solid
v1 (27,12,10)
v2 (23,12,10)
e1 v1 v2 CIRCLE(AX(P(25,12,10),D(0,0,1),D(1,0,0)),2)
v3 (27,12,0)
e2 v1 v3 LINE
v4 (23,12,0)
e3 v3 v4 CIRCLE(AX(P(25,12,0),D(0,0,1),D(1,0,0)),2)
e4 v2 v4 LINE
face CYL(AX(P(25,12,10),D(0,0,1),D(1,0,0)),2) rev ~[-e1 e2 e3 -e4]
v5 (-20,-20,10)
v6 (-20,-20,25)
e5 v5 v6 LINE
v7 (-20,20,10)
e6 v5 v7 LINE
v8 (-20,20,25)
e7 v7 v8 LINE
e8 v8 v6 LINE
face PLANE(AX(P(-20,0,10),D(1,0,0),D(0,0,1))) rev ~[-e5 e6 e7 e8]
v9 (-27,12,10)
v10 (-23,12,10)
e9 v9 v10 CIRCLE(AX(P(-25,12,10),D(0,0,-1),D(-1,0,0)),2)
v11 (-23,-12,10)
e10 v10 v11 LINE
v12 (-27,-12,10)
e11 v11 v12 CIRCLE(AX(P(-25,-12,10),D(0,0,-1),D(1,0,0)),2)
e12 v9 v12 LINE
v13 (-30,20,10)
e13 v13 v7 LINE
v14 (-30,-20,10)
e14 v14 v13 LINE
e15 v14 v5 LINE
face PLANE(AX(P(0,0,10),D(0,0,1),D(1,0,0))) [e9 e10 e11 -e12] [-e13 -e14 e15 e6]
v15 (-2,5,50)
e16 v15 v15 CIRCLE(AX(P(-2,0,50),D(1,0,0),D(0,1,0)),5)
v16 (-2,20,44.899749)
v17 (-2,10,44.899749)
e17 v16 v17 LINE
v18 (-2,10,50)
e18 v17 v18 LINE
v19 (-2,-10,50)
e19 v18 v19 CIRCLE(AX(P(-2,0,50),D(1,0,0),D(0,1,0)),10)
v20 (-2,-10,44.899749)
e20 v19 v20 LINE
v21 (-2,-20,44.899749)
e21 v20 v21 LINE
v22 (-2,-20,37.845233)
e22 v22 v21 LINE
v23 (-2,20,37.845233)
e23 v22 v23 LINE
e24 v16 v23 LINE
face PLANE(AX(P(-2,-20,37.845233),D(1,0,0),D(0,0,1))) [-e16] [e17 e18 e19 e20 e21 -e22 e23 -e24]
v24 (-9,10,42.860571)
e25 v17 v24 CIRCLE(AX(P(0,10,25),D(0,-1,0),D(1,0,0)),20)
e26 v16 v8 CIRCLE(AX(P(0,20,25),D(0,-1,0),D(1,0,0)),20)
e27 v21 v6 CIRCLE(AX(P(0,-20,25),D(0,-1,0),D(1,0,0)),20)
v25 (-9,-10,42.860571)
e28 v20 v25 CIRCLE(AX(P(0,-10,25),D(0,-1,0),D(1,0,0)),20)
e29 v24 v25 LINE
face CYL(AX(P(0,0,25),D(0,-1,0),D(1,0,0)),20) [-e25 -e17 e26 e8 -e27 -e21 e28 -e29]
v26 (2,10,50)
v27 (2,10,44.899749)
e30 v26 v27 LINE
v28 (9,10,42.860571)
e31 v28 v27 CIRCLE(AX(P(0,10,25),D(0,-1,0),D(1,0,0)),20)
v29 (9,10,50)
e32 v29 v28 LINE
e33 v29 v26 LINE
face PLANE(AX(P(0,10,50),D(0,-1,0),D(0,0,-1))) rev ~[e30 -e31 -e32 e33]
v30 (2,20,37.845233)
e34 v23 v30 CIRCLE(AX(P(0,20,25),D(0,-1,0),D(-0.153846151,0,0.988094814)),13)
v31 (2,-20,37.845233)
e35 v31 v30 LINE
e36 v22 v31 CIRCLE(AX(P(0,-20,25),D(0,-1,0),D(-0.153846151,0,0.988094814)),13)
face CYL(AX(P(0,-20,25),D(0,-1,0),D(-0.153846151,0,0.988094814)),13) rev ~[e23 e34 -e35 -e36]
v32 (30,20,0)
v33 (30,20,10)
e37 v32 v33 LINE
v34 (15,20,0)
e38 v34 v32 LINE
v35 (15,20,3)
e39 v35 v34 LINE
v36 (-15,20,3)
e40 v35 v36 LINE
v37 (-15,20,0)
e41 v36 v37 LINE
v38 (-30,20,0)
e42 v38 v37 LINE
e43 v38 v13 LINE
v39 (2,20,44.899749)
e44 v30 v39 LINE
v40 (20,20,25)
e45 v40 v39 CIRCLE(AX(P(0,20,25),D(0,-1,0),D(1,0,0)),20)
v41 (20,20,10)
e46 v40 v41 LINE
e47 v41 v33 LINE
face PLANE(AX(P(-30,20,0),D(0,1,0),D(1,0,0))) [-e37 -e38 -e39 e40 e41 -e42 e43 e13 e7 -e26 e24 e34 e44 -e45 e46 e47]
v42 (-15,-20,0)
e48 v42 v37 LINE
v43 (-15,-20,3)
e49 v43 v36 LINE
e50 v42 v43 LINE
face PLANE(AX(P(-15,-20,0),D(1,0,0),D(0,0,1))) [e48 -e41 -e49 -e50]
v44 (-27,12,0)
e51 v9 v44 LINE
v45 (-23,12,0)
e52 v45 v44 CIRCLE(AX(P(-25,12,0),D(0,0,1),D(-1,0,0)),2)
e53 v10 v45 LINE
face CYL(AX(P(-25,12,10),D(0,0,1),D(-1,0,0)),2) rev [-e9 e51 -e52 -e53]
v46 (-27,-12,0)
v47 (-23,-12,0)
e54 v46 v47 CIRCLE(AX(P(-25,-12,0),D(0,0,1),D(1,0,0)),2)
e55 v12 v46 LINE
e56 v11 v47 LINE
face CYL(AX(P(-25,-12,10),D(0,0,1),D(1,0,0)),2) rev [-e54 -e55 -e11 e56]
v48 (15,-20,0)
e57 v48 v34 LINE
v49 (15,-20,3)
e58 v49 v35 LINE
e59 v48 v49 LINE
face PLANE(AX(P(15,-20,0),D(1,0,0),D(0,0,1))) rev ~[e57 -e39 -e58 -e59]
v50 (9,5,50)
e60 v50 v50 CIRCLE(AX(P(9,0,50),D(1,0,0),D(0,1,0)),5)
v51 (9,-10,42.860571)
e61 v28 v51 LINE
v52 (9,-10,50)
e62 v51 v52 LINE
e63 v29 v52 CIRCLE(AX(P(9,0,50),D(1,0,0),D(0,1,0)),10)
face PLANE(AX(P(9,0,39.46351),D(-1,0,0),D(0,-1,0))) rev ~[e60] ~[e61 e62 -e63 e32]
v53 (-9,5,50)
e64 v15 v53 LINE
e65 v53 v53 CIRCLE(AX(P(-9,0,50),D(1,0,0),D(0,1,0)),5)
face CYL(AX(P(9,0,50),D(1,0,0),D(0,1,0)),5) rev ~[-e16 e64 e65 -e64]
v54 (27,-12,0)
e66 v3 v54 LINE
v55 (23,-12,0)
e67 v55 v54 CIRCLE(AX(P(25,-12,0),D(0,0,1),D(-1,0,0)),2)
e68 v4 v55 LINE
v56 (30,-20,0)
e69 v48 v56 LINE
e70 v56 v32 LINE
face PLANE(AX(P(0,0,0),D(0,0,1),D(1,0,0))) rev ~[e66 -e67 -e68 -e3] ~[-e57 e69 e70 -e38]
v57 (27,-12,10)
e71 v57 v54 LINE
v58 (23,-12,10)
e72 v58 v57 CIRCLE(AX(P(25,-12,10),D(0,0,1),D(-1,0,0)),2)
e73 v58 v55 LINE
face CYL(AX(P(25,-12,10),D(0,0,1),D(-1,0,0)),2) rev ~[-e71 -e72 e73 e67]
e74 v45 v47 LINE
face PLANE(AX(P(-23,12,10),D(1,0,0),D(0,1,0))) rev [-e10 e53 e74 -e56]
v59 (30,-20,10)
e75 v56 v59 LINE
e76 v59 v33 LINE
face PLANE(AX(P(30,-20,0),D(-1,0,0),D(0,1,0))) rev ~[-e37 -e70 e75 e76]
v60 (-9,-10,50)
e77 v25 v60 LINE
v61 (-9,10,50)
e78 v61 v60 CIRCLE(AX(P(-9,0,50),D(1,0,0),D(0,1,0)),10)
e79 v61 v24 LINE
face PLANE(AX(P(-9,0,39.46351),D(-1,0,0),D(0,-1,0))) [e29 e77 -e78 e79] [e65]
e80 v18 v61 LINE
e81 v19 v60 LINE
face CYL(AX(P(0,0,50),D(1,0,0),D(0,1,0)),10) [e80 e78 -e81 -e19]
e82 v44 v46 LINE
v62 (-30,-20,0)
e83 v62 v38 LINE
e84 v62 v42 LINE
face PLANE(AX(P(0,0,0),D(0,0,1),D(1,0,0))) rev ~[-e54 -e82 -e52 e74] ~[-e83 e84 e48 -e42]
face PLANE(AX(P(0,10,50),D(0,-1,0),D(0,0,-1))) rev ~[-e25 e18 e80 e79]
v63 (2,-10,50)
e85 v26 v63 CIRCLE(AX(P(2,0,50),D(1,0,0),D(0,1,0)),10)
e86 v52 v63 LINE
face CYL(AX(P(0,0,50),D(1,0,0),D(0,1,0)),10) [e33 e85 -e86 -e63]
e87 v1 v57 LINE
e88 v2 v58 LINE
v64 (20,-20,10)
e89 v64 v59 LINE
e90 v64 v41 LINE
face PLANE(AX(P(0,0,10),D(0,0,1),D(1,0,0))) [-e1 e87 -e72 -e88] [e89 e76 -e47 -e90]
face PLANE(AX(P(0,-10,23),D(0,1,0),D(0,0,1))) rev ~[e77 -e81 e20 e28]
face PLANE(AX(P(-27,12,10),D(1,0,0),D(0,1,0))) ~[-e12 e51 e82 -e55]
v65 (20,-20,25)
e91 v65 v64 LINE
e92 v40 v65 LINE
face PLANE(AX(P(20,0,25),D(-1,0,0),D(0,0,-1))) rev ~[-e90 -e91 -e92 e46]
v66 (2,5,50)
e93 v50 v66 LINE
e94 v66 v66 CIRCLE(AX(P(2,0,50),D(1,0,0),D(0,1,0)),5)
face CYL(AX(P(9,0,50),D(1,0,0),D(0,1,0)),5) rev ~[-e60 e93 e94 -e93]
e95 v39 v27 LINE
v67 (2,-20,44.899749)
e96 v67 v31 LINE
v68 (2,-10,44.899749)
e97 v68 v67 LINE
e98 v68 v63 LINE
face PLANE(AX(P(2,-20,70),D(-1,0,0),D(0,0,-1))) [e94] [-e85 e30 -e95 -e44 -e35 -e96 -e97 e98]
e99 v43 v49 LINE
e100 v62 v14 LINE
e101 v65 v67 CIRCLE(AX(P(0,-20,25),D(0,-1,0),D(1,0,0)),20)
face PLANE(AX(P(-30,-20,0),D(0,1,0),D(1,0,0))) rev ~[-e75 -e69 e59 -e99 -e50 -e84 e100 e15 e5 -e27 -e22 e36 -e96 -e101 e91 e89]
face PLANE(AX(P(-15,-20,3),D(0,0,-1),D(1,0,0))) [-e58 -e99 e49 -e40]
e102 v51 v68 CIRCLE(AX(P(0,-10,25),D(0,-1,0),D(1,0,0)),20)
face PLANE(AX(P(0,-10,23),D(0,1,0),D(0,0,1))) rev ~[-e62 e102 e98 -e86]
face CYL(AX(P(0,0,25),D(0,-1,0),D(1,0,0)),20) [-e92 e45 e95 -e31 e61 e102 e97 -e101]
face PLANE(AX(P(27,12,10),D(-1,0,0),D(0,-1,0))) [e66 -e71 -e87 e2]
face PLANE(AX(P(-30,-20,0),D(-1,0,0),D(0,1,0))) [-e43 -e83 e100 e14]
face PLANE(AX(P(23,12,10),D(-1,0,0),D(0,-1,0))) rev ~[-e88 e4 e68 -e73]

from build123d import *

# Parameters (mm, degrees)
SKETCH_W        = 60
SKETCH_H        = 40
PAD_DEPTH       = 10
PAD001_DEPTH    = 20
PAD002_DEPTH    = 9
SKETCH003_R     = 5
POCKET_DEPTH    = 39.001
POCKET001_DEPTH = 40.001
POCKET002_DEPTH = 197.61763
SKETCH006_W     = 30
SKETCH006_H     = 3
POCKET003_DEPTH = 40.001


with BuildPart() as part:
    # Sketch → Pad (new body)
    with BuildSketch(Plane.XY):
        Rectangle(SKETCH_W, SKETCH_H)
    extrude(amount=PAD_DEPTH)

    # Sketch001 → Pad001 (join, symmetric)
    with BuildSketch(Plane.XZ):
        with BuildLine():
            Line((20, 25), (20, 10))
            Line((20, 10), (-20, 10))
            Line((-20, 10), (-20, 25))
            ThreePointArc((20, 25), (0, 45), (-20, 25))
        make_face()
    extrude(amount=PAD001_DEPTH, both=True)

    # Sketch002 → Pad002 (join, symmetric)
    with BuildSketch(Plane.YZ):
        with BuildLine():
            Line((-10, 23), (-10, 50))
            ThreePointArc((10, 50), (0, 60), (-10, 50))
            Line((10, 50), (10, 23))
            Line((10, 23), (-10, 23))
        make_face()
    extrude(amount=PAD002_DEPTH, both=True)

    # Sketch003 (on Face15 of Pad002) → Pocket (cut, through all)
    with BuildSketch(Plane.YZ.offset(9)):
        with Locations((0, 50)):
            Circle(SKETCH003_R)
    extrude(amount=-POCKET_DEPTH, mode=Mode.SUBTRACT)

    # Sketch004 (on Face12 of Pocket) → Pocket001 (cut, through all)
    with BuildSketch(Plane.XZ.offset(20)):
        with BuildLine():
            ThreePointArc((-2, 37.845233), (0, 12), (2, 37.845233))
            Line((2, 70), (2, 37.845233))
            Line((-2, 70), (2, 70))
            Line((-2, 37.845233), (-2, 70))
        make_face()
    extrude(amount=-POCKET001_DEPTH, mode=Mode.SUBTRACT)

    # Sketch005 (on Face7 of Pocket001) → Pocket002 (cut, through all)
    with BuildSketch(Plane.XY.offset(10)):
        with BuildLine():
            ThreePointArc((27, 12), (25, 14), (23, 12))
            Line((23, 12), (23, -12))
            ThreePointArc((23, -12), (25, -14), (27, -12))
            Line((27, 12), (27, -12))
        make_face()
    pocket002 = extrude(amount=-POCKET002_DEPTH, mode=Mode.SUBTRACT)

    # Mirrored: Pocket002 across Sketch005 V_Axis
    add(pocket002.mirror(Plane(origin=(0, 0, 10), x_dir=(0, 0, 1), z_dir=(1, 0, 0))), mode=Mode.SUBTRACT)

    # Sketch006 (on Face8 of Mirrored) → Pocket003 (cut, through all)
    with BuildSketch(Plane.XZ.offset(20)):
        with Locations((0, 1.5)):
            Rectangle(SKETCH006_W, SKETCH006_H)
    extrude(amount=-POCKET003_DEPTH, mode=Mode.SUBTRACT)


solid = part.part
